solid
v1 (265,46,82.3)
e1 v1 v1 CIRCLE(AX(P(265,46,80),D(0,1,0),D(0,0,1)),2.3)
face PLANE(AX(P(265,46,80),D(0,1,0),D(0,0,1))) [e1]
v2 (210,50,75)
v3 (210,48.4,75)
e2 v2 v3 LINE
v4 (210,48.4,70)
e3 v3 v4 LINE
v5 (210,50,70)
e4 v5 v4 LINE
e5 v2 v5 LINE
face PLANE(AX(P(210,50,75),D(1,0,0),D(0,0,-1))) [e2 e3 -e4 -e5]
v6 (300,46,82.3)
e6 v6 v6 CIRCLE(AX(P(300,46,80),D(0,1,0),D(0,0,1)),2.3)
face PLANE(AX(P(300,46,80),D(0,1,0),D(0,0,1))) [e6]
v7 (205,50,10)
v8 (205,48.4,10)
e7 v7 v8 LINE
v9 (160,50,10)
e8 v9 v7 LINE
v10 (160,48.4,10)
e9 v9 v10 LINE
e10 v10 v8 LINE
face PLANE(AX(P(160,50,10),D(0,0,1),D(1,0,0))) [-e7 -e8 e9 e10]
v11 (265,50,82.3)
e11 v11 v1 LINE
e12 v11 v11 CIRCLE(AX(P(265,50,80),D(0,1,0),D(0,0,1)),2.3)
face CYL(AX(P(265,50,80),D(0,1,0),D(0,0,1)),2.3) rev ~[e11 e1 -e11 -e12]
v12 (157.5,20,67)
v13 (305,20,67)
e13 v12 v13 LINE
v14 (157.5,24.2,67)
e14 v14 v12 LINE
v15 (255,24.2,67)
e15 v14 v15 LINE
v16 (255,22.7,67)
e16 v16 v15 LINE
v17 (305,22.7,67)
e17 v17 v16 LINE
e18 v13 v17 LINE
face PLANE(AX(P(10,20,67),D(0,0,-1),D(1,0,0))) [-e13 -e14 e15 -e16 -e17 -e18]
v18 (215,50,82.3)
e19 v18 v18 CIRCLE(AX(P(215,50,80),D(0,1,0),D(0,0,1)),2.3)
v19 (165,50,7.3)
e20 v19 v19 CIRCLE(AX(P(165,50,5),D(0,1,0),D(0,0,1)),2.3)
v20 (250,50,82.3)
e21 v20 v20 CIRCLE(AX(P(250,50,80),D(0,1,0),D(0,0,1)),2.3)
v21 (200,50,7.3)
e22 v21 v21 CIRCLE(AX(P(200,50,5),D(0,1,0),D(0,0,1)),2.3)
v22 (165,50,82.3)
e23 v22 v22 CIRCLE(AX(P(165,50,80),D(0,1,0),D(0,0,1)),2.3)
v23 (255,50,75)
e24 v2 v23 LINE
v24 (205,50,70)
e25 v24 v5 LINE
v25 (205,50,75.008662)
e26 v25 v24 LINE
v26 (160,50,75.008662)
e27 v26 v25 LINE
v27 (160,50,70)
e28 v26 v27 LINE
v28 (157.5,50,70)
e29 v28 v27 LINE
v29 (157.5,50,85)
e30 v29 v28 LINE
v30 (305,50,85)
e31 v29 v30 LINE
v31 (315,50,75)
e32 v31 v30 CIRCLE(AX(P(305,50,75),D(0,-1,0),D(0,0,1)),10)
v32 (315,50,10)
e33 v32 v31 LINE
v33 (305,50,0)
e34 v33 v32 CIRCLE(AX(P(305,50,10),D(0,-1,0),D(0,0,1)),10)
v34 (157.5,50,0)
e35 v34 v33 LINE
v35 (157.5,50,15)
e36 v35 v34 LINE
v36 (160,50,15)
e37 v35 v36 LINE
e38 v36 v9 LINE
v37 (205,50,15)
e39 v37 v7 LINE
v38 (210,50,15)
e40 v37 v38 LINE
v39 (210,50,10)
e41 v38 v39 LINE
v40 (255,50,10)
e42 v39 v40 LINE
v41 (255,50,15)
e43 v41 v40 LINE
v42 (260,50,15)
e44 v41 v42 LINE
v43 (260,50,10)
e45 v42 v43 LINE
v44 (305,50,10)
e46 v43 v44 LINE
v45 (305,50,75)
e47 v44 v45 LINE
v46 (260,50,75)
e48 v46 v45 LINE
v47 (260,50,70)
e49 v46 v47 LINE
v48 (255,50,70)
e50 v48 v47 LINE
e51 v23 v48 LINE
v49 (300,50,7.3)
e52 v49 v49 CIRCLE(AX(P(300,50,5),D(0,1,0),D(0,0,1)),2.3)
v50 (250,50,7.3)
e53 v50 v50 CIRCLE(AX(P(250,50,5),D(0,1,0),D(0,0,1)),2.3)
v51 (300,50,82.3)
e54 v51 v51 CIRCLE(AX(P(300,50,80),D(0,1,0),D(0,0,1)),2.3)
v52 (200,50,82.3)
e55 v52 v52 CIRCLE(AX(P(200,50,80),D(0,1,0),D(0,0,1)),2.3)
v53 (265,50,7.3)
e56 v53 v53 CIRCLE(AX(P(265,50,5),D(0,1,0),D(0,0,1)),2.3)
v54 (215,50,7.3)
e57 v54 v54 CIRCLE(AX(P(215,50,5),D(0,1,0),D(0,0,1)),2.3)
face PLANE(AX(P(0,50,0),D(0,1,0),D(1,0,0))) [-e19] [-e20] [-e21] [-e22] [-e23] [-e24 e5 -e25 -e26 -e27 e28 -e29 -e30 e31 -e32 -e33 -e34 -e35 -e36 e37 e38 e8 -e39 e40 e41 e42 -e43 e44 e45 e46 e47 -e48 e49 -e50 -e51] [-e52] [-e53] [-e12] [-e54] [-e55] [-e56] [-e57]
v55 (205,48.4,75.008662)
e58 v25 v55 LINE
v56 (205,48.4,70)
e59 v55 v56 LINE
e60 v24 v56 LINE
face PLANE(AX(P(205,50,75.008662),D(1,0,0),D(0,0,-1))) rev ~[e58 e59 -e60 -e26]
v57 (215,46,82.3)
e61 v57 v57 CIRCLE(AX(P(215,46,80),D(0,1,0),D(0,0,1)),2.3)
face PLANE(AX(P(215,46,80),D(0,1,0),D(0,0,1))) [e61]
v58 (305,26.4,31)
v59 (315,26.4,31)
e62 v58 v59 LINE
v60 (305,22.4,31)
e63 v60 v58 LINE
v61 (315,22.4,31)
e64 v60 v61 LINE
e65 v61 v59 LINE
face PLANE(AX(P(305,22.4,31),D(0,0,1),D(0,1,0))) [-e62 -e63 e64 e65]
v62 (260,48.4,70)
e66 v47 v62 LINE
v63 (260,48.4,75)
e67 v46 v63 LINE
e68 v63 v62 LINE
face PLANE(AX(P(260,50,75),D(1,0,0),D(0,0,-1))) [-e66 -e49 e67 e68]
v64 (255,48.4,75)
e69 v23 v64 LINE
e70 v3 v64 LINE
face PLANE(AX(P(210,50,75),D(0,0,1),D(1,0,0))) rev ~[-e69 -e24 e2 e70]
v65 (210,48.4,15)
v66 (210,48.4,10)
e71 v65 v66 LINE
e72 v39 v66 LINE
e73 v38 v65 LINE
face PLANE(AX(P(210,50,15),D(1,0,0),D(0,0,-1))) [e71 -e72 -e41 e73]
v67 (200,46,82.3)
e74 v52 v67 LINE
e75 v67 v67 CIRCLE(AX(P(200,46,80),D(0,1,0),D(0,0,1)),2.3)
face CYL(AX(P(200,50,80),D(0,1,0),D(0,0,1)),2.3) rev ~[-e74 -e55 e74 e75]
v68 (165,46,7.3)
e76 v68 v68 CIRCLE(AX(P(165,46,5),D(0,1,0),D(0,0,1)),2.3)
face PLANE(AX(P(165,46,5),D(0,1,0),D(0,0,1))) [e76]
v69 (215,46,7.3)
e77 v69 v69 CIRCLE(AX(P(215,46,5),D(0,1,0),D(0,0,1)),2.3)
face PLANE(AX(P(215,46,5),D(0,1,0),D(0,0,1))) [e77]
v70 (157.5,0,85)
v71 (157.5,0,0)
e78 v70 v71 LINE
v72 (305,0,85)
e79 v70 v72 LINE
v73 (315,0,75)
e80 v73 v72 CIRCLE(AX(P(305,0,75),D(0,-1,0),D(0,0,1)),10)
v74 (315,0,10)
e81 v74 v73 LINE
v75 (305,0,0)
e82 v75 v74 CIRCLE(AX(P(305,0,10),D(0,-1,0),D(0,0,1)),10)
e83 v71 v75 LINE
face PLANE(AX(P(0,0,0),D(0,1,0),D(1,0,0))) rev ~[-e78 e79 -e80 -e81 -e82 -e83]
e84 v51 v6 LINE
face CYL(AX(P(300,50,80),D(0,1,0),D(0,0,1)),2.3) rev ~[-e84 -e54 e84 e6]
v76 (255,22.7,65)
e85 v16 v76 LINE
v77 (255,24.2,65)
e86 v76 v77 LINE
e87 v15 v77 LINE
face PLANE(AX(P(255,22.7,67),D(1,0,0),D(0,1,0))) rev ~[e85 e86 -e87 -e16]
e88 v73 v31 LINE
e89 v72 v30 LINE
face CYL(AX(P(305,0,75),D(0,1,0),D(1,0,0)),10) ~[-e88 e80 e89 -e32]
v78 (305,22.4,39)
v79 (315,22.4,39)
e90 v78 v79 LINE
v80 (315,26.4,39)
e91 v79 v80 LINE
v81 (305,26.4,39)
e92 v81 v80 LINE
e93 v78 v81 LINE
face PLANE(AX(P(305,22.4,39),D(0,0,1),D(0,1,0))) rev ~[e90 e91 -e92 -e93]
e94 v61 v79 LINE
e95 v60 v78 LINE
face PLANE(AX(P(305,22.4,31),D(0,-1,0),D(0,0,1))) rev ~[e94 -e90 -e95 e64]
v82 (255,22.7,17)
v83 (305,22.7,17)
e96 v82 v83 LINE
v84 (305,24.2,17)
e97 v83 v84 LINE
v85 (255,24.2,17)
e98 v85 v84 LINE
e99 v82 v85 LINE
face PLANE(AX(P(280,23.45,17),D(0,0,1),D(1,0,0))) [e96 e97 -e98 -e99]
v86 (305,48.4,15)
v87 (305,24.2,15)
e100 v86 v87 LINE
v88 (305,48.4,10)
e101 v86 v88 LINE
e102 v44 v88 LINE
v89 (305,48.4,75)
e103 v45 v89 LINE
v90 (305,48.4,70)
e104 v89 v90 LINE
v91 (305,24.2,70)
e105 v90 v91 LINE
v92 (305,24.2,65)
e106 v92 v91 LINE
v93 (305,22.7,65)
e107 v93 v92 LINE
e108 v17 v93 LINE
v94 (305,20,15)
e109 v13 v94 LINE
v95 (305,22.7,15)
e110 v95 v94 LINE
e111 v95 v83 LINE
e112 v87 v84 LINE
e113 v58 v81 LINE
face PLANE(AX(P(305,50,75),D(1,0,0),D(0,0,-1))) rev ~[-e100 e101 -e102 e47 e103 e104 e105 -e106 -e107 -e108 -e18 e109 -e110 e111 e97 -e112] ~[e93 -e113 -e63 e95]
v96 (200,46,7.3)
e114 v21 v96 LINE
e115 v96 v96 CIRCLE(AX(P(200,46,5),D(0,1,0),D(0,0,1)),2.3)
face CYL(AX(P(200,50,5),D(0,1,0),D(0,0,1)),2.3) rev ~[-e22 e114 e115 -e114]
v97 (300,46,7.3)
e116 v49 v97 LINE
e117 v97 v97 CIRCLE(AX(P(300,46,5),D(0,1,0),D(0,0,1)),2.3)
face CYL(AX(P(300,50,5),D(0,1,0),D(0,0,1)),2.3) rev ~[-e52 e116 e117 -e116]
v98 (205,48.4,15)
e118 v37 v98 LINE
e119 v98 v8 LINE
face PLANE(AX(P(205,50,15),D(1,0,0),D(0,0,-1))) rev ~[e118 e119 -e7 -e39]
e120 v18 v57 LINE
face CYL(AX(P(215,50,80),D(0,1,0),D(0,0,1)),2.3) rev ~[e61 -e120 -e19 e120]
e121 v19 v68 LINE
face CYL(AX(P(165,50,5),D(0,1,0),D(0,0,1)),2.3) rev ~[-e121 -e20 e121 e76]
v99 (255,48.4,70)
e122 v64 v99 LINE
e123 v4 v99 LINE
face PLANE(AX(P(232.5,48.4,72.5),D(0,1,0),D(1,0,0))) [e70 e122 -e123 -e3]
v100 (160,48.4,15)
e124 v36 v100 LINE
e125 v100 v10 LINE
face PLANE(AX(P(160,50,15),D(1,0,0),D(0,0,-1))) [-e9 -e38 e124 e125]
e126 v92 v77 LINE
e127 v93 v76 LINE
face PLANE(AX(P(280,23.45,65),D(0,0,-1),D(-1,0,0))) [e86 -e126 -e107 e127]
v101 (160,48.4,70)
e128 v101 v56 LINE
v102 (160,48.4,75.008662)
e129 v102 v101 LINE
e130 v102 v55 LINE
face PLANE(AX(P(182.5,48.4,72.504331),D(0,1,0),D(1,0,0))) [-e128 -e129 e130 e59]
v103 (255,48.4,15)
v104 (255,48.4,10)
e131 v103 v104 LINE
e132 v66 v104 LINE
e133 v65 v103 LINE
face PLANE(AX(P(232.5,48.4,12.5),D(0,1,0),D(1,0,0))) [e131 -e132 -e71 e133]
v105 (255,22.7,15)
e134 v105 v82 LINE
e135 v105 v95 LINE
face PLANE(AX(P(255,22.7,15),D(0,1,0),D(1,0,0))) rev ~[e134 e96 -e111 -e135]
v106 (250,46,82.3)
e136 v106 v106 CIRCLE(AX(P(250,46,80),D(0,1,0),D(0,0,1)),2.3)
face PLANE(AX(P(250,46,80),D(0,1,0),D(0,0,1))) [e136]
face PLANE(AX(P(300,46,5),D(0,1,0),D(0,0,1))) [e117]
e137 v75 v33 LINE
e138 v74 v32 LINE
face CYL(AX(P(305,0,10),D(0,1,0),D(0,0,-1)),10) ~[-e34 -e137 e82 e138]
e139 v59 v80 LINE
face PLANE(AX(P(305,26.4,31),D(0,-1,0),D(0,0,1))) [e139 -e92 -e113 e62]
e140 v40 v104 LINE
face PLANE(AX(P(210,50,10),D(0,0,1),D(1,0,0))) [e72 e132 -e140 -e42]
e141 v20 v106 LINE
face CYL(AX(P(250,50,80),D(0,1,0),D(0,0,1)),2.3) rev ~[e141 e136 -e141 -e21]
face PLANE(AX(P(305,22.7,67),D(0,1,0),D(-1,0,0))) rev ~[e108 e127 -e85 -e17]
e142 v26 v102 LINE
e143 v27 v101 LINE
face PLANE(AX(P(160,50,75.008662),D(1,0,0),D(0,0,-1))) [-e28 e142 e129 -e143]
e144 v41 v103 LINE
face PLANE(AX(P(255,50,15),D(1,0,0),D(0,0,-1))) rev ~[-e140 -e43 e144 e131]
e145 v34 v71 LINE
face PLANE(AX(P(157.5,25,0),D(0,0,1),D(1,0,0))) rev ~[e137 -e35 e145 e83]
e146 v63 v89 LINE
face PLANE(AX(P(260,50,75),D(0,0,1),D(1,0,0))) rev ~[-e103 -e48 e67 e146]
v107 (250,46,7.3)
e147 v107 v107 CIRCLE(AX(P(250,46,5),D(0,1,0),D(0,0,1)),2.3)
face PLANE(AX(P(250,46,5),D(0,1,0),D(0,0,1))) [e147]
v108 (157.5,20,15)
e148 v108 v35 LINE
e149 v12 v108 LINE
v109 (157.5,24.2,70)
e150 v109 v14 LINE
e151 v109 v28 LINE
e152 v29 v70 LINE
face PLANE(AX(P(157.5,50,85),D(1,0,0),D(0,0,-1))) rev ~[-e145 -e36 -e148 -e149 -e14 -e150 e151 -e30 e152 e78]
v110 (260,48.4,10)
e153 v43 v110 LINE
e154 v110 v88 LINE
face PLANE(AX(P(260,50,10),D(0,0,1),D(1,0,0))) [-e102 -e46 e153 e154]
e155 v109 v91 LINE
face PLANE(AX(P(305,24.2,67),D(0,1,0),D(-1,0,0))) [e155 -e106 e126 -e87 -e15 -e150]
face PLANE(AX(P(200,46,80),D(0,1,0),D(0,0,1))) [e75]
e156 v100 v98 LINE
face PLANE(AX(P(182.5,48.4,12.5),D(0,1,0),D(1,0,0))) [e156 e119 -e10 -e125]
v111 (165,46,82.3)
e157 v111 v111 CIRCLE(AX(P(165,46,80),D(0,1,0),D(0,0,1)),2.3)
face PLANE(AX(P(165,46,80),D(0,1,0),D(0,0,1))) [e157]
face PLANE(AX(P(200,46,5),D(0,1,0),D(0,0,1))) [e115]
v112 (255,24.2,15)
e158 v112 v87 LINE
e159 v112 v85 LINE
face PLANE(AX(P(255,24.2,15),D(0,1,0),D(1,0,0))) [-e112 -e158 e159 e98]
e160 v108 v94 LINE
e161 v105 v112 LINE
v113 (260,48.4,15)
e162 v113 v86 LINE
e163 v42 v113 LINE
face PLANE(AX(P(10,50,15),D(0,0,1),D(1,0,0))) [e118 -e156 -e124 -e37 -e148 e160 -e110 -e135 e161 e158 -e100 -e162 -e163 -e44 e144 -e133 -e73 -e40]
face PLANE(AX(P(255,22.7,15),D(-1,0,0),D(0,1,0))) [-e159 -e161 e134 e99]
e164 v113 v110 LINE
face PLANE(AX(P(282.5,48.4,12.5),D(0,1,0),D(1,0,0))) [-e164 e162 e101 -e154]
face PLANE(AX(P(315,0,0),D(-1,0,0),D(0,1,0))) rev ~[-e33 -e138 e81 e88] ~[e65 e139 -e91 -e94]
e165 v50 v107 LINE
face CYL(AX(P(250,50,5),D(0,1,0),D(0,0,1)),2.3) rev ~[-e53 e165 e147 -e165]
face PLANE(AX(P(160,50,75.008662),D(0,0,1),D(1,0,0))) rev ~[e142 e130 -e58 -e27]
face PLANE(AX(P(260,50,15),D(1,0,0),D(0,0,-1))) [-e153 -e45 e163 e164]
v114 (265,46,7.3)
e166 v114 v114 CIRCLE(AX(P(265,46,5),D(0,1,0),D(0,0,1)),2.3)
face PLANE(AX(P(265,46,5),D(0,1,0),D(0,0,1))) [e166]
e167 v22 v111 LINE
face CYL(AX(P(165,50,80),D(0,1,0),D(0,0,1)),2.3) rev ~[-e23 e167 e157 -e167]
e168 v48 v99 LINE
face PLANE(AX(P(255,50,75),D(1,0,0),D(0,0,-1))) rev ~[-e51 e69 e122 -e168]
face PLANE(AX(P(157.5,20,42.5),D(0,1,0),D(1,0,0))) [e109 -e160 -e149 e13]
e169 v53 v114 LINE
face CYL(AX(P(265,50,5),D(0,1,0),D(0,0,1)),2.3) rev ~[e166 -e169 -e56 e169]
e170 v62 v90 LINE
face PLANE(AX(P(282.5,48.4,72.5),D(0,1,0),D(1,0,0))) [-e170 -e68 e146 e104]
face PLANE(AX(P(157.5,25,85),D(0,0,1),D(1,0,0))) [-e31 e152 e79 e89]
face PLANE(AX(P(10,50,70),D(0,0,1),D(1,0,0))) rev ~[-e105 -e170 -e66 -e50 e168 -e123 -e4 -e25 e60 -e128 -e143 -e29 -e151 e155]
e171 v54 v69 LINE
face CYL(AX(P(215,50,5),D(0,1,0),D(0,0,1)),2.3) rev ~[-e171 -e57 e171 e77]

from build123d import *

# Parameters (mm, degrees)
SKIZZE2_W                       = 315
SKIZZE2_H                       = 50
AUFSATZ_LINEAR_AUSTRAGEN1_DEPTH = 85
SKIZZE4_W                       = 295
SKIZZE4_H                       = 55
SCHNITT_LINEAR_AUSTRAGEN1_DEPTH = 30
VERRUNDUNG1_R                   = 10
VERRUNDUNG2_R                   = 10
VERRUNDUNG3_R                   = 10
VERRUNDUNG4_R                   = 10
SKIZZE11_W                      = 45
SKIZZE11_H                      = 5
SKIZZE11_H_2                    = 5.008661904
SCHNITT_LINEAR_AUSTRAGEN4_DEPTH = 1.6
SKIZZE13_W                      = 295
SKIZZE13_H                      = 3
AUFSATZ_LINEAR_AUSTRAGEN2_DEPTH = 4.2
SKIZZE14_W                      = 8
SKIZZE14_H                      = 4
SCHNITT_LINEAR_AUSTRAGEN5_DEPTH = 19
SKIZZE15_W                      = 50
SKIZZE15_H                      = 1.5
AUFSATZ_LINEAR_AUSTRAGEN3_DEPTH = 2
SKIZZE16_W                      = 50
SKIZZE16_H                      = 1.5
AUFSATZ_LINEAR_AUSTRAGEN4_DEPTH = 2
SKIZZE17_R                      = 2.3
SCHNITT_LINEAR_AUSTRAGEN6_DEPTH = 4
SKIZZE18_W                      = 172.164344687
SKIZZE18_H                      = 85
SCHNITT_LINEAR_AUSTRAGEN7_DEPTH = 80


with BuildPart() as part:
    # Skizze2 → Aufsatz-Linear austragen1 (new body)
    with BuildSketch(Plane.XY):
        with Locations((157.5, 25)):
            Rectangle(SKIZZE2_W, SKIZZE2_H)
    extrude(amount=AUFSATZ_LINEAR_AUSTRAGEN1_DEPTH)

    # Skizze4 → Schnitt-Linear austragen1 (cut)
    with BuildSketch(Plane(origin=(0, 50, 0), x_dir=(1, 0, 0), z_dir=(0, 1, 0))):
        with Locations((157.5, -42.5)):
            Rectangle(SKIZZE4_W, SKIZZE4_H)
    extrude(amount=-SCHNITT_LINEAR_AUSTRAGEN1_DEPTH, mode=Mode.SUBTRACT)

    # Verrundung1
    verrundung1_edges = [part.edges().sort_by_distance(p)[0] for p in [
        (315, 25, 0),
    ]]
    fillet(verrundung1_edges, radius=VERRUNDUNG1_R)

    # Verrundung2
    verrundung2_edges = [part.edges().sort_by_distance(p)[0] for p in [
        (315, 25, 85),
    ]]
    fillet(verrundung2_edges, radius=VERRUNDUNG2_R)

    # Verrundung3
    verrundung3_edges = [part.edges().sort_by_distance(p)[0] for p in [
        (0, 25, 85),
    ]]
    fillet(verrundung3_edges, radius=VERRUNDUNG3_R)

    # Verrundung4
    verrundung4_edges = [part.edges().sort_by_distance(p)[0] for p in [
        (0, 25, 0),
    ]]
    fillet(verrundung4_edges, radius=VERRUNDUNG4_R)

    # Skizze11 → Schnitt-Linear austragen4 (cut)
    with BuildSketch(Plane(origin=(0, 50, 0), x_dir=(1, 0, 0), z_dir=(0, 1, 0))):
        with Locations((32.5, -12.5)):
            Rectangle(SKIZZE11_W, SKIZZE11_H)
        with Locations((32.5, -72.5)):
            Rectangle(SKIZZE11_W, SKIZZE11_H)
        with Locations((82.5, -72.5)):
            Rectangle(SKIZZE11_W, SKIZZE11_H)
        with Locations((132.5, -72.504330952)):
            Rectangle(SKIZZE11_W, SKIZZE11_H_2)
        with Locations((182.5, -72.504330952)):
            Rectangle(SKIZZE11_W, SKIZZE11_H_2)
        with Locations((232.5, -72.5)):
            Rectangle(SKIZZE11_W, SKIZZE11_H)
        with Locations((282.5, -72.5)):
            Rectangle(SKIZZE11_W, SKIZZE11_H)
        with Locations((282.5, -12.5)):
            Rectangle(SKIZZE11_W, SKIZZE11_H)
        with Locations((232.5, -12.5)):
            Rectangle(SKIZZE11_W, SKIZZE11_H)
        with Locations((182.5, -12.5)):
            Rectangle(SKIZZE11_W, SKIZZE11_H)
        with Locations((132.5, -12.5)):
            Rectangle(SKIZZE11_W, SKIZZE11_H)
        with Locations((82.5, -12.5)):
            Rectangle(SKIZZE11_W, SKIZZE11_H)
    extrude(amount=-SCHNITT_LINEAR_AUSTRAGEN4_DEPTH, mode=Mode.SUBTRACT)

    # Skizze13 → Aufsatz-Linear austragen2 (add)
    with BuildSketch(Plane(origin=(0, 20, 0), x_dir=(1, 0, 0), z_dir=(0, 1, 0))):
        with Locations((157.5, -68.5)):
            Rectangle(SKIZZE13_W, SKIZZE13_H)
    extrude(amount=AUFSATZ_LINEAR_AUSTRAGEN2_DEPTH)

    # Skizze14 → Schnitt-Linear austragen5 (cut)
    with BuildSketch(Plane.ZY.offset(-305)):
        with Locations((35, 24.4)):
            Rectangle(SKIZZE14_W, SKIZZE14_H)
    extrude(amount=-SCHNITT_LINEAR_AUSTRAGEN5_DEPTH, mode=Mode.SUBTRACT)

    # Skizze15 → Aufsatz-Linear austragen3 (add)
    with BuildSketch(Plane.XY.offset(15)):
        with Locations((280, 23.45)):
            Rectangle(SKIZZE15_W, SKIZZE15_H)
    extrude(amount=AUFSATZ_LINEAR_AUSTRAGEN3_DEPTH)

    # Skizze16 → Aufsatz-Linear austragen4 (add)
    with BuildSketch(Plane(origin=(0, 0, 67), x_dir=(-1, 0, 0), z_dir=(0, 0, -1))):
        with Locations((-280, 23.45)):
            Rectangle(SKIZZE16_W, SKIZZE16_H)
    extrude(amount=AUFSATZ_LINEAR_AUSTRAGEN4_DEPTH)

    # Skizze17 → Schnitt-Linear austragen6 (cut)
    with BuildSketch(Plane(origin=(0, 50, 0), x_dir=(1, 0, 0), z_dir=(0, 1, 0))):
        with Locations(Location((50, -80, 0), (0, 0, 270))):
            Circle(SKIZZE17_R)
        with Locations(Location((15, -80, 0), (0, 0, 270))):
            Circle(SKIZZE17_R)
        with Locations(Location((15, -5, 0), (0, 0, 270))):
            Circle(SKIZZE17_R)
        with Locations(Location((50, -5, 0), (0, 0, 270))):
            Circle(SKIZZE17_R)
        with Locations(Location((65, -5, 0), (0, 0, 270))):
            Circle(SKIZZE17_R)
        with Locations(Location((99.834927097, -5, 0), (0, 0, 270))):
            Circle(SKIZZE17_R)
        with Locations(Location((65, -80, 0), (0, 0, 270))):
            Circle(SKIZZE17_R)
        with Locations(Location((100, -80, 0), (0, 0, 270))):
            Circle(SKIZZE17_R)
        with Locations(Location((114.145512134, -79.164010762, 0), (0, 0, 270))):
            Circle(SKIZZE17_R)
        with Locations(Location((150, -80, 0), (0, 0, 270))):
            Circle(SKIZZE17_R)
        with Locations(Location((165, -80, 0), (0, 0, 270))):
            Circle(SKIZZE17_R)
        with Locations(Location((200, -80, 0), (0, 0, 270))):
            Circle(SKIZZE17_R)
        with Locations(Location((215, -80, 0), (0, 0, 270))):
            Circle(SKIZZE17_R)
        with Locations(Location((250, -80, 0), (0, 0, 270))):
            Circle(SKIZZE17_R)
        with Locations(Location((265, -80, 0), (0, 0, 270))):
            Circle(SKIZZE17_R)
        with Locations(Location((300, -80, 0), (0, 0, 270))):
            Circle(SKIZZE17_R)
        with Locations(Location((300, -5, 0), (0, 0, 270))):
            Circle(SKIZZE17_R)
        with Locations(Location((265, -5, 0), (0, 0, 270))):
            Circle(SKIZZE17_R)
        with Locations(Location((250, -5, 0), (0, 0, 270))):
            Circle(SKIZZE17_R)
        with Locations(Location((215, -5, 0), (0, 0, 270))):
            Circle(SKIZZE17_R)
        with Locations(Location((200, -5, 0), (0, 0, 270))):
            Circle(SKIZZE17_R)
        with Locations(Location((165, -5, 0), (0, 0, 270))):
            Circle(SKIZZE17_R)
        with Locations(Location((150, -5, 0), (0, 0, 270))):
            Circle(SKIZZE17_R)
        with Locations(Location((115, -5, 0), (0, 0, 270))):
            Circle(SKIZZE17_R)
    extrude(amount=-SCHNITT_LINEAR_AUSTRAGEN6_DEPTH, mode=Mode.SUBTRACT)

    # Skizze18 → Schnitt-Linear austragen7 (cut)
    with BuildSketch(Plane(origin=(0, 50, 0), x_dir=(1, 0, 0), z_dir=(0, 1, 0))):
        with Locations((71.417827656, -42.5)):
            Rectangle(SKIZZE18_W, SKIZZE18_H)
    extrude(amount=-SCHNITT_LINEAR_AUSTRAGEN7_DEPTH, mode=Mode.SUBTRACT)


solid = part.part
